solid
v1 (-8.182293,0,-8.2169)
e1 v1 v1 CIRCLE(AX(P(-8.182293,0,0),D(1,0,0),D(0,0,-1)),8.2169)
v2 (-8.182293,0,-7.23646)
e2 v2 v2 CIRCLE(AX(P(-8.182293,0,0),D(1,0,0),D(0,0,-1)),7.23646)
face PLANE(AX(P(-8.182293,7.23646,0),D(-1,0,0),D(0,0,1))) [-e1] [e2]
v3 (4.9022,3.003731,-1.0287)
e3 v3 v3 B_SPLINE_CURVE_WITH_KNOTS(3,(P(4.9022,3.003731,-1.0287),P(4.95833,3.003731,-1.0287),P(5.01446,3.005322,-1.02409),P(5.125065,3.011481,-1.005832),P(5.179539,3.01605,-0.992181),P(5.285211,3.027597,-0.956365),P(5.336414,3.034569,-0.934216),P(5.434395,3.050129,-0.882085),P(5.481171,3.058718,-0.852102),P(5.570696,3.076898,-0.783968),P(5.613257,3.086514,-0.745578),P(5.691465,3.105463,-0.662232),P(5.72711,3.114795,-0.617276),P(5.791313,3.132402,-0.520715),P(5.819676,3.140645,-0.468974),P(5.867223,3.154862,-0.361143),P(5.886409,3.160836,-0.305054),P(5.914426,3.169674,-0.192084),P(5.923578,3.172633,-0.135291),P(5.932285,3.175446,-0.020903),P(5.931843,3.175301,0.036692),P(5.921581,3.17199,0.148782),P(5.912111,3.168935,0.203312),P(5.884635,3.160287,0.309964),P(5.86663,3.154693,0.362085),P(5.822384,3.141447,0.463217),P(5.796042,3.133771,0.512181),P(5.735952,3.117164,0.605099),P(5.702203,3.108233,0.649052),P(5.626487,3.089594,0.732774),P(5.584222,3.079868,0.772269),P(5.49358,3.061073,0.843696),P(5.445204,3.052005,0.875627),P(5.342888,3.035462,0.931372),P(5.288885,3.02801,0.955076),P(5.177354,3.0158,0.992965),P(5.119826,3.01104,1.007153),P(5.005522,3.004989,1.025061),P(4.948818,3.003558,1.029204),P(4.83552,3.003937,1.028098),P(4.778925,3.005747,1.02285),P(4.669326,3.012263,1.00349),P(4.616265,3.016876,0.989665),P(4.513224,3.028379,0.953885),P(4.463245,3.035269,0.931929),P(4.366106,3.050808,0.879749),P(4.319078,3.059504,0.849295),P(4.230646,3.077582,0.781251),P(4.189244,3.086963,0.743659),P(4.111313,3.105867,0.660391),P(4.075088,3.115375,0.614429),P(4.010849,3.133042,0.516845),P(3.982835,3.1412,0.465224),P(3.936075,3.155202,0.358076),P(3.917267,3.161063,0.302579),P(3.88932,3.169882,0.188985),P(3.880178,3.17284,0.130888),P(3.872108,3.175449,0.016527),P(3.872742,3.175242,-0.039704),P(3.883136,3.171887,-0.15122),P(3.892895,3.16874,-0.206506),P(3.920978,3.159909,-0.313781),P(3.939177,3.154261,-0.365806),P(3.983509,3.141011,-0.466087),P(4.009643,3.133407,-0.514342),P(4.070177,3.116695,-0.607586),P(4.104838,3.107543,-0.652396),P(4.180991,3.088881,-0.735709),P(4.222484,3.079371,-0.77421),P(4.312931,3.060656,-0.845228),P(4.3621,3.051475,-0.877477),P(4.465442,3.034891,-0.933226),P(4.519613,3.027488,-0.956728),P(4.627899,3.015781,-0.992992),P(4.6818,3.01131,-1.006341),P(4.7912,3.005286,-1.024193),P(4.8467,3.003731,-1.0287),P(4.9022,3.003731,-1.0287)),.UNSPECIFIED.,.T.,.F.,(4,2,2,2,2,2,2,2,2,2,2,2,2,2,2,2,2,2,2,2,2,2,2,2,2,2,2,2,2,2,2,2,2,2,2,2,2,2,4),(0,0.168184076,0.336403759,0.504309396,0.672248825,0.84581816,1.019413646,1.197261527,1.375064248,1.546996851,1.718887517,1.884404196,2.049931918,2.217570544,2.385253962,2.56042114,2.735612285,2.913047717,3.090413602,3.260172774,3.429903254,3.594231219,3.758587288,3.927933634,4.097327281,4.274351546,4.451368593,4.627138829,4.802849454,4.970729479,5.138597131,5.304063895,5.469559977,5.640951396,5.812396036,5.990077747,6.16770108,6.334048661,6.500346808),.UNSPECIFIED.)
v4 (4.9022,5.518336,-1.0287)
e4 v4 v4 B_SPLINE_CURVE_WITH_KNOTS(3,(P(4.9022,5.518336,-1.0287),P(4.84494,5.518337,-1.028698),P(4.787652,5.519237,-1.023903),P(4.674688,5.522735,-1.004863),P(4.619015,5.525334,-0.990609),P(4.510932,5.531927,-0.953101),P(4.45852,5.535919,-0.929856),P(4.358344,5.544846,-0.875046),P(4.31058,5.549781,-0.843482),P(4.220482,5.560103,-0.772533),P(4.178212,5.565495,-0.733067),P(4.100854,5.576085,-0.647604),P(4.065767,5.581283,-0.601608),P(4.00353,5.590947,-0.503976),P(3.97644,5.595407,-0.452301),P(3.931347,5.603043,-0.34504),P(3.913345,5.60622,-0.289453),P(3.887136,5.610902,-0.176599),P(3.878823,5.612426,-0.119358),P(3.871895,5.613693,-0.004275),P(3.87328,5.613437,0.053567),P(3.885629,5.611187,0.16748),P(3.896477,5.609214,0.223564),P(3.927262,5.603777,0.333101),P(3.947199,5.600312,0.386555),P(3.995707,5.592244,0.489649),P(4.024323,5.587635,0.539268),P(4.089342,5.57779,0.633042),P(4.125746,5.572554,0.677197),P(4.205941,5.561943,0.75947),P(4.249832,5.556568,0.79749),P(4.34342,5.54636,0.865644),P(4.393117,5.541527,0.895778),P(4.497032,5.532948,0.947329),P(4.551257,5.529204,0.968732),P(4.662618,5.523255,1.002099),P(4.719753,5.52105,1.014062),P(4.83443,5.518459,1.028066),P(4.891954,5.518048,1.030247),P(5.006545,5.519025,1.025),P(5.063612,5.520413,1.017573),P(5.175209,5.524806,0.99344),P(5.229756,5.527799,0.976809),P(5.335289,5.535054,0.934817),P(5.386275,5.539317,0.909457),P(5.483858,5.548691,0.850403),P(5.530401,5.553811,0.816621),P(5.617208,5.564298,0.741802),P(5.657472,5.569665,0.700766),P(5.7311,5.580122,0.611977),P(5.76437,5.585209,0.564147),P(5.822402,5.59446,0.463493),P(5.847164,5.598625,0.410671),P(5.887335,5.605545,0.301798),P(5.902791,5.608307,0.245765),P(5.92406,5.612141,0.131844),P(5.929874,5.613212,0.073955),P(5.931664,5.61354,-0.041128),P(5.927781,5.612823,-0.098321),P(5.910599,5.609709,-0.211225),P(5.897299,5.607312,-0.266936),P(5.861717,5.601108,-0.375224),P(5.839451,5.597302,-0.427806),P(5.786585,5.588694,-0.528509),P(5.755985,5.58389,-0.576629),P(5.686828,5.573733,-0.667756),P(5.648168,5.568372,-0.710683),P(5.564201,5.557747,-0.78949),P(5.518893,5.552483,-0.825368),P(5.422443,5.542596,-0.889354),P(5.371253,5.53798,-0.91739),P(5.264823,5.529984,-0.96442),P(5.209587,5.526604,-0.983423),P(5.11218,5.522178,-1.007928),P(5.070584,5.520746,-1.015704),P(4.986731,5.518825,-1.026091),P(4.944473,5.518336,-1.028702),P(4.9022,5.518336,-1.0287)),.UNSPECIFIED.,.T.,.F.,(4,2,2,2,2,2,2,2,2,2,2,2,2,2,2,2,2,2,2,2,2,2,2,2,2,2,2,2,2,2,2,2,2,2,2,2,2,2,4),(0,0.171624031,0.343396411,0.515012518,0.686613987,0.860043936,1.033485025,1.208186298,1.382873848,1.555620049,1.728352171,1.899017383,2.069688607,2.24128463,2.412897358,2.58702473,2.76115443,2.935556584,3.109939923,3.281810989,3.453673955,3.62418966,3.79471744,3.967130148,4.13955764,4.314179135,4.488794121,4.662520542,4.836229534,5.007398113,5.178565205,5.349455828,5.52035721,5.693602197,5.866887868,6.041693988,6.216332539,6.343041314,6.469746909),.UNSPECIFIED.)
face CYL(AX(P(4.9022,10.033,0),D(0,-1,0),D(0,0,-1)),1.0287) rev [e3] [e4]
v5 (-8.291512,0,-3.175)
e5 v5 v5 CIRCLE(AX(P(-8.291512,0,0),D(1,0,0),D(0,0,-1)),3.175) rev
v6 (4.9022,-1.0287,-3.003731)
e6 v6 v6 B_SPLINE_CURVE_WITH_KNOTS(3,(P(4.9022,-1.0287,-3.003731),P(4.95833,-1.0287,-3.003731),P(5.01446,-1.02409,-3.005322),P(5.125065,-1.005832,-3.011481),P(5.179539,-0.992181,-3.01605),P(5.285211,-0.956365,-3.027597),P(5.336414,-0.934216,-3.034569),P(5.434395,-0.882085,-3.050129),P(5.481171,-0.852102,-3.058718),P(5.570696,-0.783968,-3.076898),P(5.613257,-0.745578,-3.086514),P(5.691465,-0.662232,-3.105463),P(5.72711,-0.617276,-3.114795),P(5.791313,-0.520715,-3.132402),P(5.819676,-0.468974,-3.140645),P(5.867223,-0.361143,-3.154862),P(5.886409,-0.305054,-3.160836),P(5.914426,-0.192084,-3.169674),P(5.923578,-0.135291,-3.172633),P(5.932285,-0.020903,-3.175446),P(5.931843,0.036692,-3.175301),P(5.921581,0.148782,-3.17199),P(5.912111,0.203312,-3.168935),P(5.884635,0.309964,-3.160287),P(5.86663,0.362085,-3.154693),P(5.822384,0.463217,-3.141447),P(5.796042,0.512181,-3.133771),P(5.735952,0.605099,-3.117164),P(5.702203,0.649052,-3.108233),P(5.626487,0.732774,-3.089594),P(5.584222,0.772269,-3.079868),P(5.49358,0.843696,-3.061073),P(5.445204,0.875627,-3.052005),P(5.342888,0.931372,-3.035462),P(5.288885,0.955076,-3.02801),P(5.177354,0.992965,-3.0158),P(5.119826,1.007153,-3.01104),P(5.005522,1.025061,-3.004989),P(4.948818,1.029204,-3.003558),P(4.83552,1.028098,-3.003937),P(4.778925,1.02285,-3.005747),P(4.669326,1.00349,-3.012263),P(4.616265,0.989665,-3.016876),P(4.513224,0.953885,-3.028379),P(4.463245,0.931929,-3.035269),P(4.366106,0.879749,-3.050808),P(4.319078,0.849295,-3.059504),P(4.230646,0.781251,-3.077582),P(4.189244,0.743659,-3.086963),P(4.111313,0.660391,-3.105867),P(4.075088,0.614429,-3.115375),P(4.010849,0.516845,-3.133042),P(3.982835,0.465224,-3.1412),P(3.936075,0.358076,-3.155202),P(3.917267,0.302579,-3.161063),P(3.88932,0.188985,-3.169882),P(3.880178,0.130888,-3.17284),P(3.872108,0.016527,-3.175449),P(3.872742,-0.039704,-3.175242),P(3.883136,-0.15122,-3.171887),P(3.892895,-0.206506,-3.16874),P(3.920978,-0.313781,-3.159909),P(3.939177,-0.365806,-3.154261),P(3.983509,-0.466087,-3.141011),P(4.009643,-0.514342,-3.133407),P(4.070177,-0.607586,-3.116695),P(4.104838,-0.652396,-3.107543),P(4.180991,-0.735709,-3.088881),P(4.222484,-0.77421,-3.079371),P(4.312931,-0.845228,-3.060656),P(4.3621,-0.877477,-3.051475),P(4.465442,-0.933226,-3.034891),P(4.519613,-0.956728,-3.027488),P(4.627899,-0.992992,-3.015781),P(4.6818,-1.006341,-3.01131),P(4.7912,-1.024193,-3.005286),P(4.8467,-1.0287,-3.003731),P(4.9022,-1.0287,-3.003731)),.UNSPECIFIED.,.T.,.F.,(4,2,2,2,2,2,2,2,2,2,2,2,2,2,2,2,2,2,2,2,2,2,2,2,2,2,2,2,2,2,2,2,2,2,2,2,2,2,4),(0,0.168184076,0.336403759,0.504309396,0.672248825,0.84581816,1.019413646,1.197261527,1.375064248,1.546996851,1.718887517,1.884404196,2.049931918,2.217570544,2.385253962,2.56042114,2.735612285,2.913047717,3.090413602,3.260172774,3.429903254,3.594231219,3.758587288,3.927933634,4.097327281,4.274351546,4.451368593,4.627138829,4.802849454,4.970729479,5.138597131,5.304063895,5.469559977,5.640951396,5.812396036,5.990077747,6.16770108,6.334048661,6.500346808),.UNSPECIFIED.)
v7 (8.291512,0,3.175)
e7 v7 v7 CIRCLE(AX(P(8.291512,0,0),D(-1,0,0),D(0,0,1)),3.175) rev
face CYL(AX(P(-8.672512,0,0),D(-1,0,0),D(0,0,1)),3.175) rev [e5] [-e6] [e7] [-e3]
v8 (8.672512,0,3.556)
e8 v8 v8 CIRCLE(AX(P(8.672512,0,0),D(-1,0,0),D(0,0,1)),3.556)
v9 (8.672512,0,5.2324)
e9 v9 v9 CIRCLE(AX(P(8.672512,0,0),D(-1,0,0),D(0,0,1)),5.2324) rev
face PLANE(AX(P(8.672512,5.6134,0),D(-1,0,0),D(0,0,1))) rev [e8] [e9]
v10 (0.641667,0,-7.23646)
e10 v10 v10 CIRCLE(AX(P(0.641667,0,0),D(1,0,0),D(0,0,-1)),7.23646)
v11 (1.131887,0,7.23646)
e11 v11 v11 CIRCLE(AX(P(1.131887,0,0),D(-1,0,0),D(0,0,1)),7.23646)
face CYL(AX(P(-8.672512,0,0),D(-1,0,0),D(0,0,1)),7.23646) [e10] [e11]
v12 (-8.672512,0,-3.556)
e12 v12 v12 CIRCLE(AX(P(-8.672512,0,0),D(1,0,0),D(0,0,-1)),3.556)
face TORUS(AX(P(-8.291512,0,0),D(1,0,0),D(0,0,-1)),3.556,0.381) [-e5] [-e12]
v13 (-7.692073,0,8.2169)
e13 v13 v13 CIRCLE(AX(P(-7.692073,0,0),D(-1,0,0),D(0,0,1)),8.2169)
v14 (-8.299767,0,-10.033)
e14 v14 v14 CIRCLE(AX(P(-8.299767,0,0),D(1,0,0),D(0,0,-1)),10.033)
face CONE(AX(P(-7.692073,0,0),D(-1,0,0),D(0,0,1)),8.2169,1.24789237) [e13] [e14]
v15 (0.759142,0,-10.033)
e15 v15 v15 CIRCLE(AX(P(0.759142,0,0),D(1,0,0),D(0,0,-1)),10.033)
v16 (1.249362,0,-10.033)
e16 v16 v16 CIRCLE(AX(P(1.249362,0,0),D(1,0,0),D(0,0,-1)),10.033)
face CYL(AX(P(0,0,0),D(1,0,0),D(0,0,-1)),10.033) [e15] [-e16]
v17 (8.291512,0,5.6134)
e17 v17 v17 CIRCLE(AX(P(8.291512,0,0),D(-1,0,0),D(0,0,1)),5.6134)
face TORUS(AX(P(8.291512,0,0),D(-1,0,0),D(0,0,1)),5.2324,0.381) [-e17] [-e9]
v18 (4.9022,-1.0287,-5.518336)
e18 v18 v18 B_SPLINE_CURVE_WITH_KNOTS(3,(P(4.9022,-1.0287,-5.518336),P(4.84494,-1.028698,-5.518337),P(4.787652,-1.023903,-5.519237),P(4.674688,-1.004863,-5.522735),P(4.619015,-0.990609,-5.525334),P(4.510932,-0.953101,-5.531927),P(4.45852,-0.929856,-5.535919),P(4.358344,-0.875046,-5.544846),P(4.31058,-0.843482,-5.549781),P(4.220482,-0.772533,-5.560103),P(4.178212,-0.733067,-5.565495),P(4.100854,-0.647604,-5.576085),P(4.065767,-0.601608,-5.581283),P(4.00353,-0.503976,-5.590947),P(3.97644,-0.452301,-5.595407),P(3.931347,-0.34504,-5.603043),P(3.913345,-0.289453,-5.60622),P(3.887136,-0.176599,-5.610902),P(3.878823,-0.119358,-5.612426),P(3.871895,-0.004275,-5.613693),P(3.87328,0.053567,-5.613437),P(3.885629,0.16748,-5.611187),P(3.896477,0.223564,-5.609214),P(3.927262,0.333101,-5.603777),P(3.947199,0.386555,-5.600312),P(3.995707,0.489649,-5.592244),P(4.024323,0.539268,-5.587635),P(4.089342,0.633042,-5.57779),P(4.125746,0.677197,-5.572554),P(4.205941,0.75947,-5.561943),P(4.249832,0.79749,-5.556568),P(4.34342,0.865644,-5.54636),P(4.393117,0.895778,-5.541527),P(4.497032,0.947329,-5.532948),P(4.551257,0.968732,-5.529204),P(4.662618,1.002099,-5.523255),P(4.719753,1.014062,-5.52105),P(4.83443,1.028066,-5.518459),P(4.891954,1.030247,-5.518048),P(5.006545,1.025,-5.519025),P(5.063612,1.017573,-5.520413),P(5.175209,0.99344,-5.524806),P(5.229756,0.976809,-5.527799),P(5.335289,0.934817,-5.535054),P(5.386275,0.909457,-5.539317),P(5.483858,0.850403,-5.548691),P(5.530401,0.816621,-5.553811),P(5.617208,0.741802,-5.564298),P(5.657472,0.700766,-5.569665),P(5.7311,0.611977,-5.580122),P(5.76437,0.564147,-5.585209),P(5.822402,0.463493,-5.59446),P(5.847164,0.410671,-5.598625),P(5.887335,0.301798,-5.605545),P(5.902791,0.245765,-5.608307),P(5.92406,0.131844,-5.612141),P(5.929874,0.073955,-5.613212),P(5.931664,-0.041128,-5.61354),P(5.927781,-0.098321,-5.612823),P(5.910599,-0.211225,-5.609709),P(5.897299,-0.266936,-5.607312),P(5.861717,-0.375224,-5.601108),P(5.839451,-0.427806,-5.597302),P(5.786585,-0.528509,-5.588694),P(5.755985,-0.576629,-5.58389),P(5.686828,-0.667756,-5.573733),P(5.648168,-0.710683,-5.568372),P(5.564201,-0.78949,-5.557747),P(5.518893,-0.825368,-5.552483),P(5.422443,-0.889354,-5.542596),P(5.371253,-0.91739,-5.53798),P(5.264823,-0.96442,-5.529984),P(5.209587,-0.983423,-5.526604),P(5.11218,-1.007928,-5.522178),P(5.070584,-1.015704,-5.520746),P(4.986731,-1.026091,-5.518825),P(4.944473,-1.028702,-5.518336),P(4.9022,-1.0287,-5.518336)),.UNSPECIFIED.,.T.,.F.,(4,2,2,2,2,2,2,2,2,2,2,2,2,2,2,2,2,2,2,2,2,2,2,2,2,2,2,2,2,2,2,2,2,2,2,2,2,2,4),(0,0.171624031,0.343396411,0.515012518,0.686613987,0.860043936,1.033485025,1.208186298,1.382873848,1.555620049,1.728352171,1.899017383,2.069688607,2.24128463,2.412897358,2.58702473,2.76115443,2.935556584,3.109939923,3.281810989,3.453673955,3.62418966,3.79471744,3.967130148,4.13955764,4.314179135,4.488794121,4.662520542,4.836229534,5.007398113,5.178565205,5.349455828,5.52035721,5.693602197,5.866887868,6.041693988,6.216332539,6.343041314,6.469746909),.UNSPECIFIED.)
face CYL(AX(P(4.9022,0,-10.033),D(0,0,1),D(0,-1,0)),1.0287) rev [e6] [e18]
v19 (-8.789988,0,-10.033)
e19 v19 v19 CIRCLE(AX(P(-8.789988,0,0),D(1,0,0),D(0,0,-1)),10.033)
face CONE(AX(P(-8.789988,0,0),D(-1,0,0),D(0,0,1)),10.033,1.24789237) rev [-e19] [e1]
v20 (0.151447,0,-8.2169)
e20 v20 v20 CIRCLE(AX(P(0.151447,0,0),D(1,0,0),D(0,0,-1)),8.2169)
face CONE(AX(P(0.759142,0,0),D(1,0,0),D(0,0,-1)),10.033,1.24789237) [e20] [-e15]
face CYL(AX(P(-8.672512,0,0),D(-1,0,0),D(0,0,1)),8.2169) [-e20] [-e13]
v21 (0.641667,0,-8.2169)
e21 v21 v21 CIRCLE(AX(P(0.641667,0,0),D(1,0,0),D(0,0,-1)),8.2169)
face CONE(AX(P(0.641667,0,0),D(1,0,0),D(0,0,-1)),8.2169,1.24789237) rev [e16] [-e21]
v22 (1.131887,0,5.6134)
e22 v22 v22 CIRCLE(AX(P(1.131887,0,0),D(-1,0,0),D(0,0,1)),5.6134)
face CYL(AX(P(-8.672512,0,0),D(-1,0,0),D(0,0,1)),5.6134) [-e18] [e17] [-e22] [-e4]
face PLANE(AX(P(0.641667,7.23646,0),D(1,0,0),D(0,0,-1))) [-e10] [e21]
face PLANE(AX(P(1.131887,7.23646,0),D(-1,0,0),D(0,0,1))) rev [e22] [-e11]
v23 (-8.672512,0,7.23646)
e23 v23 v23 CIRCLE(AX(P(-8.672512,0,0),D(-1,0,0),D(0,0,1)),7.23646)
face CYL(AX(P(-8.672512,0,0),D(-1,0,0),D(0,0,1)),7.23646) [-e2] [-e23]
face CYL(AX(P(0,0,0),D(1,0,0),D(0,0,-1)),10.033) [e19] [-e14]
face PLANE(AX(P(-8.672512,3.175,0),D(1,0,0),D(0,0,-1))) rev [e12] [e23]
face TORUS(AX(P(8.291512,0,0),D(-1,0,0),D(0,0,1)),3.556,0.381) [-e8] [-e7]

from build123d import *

# Parameters (mm, degrees)
SKETCH3_R         = 1.0287
SCREW_HOLE_DEPTH  = 11.033
CIRPATTERN1_COUNT = 2
CIRPATTERN1_ANGLE = 90
FILLET1_R         = 0.381


with BuildPart() as part:
    # Sketch2 → PULLEY (revolve)
    with BuildSketch(Plane.XY):
        Polygon((-8.6725125, 3.175), (8.6725125, 3.175), (8.6725125, 5.6134), (1.1318875, 5.6134), (1.1318875, 7.23646), (0.1514475, 7.23646), (0.1514475, 8.2169), (-7.6920725, 8.2169), (-7.6920725, 7.23646), (-8.6725125, 7.23646), align=None)
    revolve(axis=Axis((-8.6725125, 0, 0), (1, 0, 0)))

    # Sketch4 → Flange (revolve)
    with BuildSketch(Plane.XY):
        Polygon((-8.1822925, 7.23646), (-8.1822925, 8.2169), (-8.7899875, 10.033), (-8.2997675, 10.033), (-7.6920725, 8.2169), (-7.6920725, 7.23646), align=None)
        Polygon((0.1514475, 7.23646), (0.6416675, 7.23646), (0.6416675, 8.2169), (1.2493625, 10.033), (0.7591425, 10.033), (0.1514475, 8.2169), align=None)
    revolve(axis=Axis((0, 0, 0), (-1, 0, 0)))

    # Sketch3 → SCREW HOLE (cut, through all)
    with BuildSketch(Plane(origin=(0, 0, 0), x_dir=(1, 0, 0), z_dir=(0, 1, 0))):
        with Locations((4.9022, 0)):
            Circle(SKETCH3_R)
    screw_hole = extrude(amount=SCREW_HOLE_DEPTH, mode=Mode.SUBTRACT)

    # CirPattern1: SCREW HOLE ×2 about axis
    cirpattern1_axis = Axis((-8.6725125, 0, 0), (-1, 0, 0))
    for i in range(1, CIRPATTERN1_COUNT):
        add(screw_hole.rotate(cirpattern1_axis, i * CIRPATTERN1_ANGLE / (CIRPATTERN1_COUNT - 1)), mode=Mode.SUBTRACT)

    # Fillet1
    fillet1_edges = [part.edges().sort_by_distance(p)[0] for p in [
        (-8.6725125, -3.175, 0),
        (8.6725125, -3.175, 0),
        (8.6725125, -5.6134, 0),
    ]]
    fillet(fillet1_edges, radius=FILLET1_R)


solid = part.part
